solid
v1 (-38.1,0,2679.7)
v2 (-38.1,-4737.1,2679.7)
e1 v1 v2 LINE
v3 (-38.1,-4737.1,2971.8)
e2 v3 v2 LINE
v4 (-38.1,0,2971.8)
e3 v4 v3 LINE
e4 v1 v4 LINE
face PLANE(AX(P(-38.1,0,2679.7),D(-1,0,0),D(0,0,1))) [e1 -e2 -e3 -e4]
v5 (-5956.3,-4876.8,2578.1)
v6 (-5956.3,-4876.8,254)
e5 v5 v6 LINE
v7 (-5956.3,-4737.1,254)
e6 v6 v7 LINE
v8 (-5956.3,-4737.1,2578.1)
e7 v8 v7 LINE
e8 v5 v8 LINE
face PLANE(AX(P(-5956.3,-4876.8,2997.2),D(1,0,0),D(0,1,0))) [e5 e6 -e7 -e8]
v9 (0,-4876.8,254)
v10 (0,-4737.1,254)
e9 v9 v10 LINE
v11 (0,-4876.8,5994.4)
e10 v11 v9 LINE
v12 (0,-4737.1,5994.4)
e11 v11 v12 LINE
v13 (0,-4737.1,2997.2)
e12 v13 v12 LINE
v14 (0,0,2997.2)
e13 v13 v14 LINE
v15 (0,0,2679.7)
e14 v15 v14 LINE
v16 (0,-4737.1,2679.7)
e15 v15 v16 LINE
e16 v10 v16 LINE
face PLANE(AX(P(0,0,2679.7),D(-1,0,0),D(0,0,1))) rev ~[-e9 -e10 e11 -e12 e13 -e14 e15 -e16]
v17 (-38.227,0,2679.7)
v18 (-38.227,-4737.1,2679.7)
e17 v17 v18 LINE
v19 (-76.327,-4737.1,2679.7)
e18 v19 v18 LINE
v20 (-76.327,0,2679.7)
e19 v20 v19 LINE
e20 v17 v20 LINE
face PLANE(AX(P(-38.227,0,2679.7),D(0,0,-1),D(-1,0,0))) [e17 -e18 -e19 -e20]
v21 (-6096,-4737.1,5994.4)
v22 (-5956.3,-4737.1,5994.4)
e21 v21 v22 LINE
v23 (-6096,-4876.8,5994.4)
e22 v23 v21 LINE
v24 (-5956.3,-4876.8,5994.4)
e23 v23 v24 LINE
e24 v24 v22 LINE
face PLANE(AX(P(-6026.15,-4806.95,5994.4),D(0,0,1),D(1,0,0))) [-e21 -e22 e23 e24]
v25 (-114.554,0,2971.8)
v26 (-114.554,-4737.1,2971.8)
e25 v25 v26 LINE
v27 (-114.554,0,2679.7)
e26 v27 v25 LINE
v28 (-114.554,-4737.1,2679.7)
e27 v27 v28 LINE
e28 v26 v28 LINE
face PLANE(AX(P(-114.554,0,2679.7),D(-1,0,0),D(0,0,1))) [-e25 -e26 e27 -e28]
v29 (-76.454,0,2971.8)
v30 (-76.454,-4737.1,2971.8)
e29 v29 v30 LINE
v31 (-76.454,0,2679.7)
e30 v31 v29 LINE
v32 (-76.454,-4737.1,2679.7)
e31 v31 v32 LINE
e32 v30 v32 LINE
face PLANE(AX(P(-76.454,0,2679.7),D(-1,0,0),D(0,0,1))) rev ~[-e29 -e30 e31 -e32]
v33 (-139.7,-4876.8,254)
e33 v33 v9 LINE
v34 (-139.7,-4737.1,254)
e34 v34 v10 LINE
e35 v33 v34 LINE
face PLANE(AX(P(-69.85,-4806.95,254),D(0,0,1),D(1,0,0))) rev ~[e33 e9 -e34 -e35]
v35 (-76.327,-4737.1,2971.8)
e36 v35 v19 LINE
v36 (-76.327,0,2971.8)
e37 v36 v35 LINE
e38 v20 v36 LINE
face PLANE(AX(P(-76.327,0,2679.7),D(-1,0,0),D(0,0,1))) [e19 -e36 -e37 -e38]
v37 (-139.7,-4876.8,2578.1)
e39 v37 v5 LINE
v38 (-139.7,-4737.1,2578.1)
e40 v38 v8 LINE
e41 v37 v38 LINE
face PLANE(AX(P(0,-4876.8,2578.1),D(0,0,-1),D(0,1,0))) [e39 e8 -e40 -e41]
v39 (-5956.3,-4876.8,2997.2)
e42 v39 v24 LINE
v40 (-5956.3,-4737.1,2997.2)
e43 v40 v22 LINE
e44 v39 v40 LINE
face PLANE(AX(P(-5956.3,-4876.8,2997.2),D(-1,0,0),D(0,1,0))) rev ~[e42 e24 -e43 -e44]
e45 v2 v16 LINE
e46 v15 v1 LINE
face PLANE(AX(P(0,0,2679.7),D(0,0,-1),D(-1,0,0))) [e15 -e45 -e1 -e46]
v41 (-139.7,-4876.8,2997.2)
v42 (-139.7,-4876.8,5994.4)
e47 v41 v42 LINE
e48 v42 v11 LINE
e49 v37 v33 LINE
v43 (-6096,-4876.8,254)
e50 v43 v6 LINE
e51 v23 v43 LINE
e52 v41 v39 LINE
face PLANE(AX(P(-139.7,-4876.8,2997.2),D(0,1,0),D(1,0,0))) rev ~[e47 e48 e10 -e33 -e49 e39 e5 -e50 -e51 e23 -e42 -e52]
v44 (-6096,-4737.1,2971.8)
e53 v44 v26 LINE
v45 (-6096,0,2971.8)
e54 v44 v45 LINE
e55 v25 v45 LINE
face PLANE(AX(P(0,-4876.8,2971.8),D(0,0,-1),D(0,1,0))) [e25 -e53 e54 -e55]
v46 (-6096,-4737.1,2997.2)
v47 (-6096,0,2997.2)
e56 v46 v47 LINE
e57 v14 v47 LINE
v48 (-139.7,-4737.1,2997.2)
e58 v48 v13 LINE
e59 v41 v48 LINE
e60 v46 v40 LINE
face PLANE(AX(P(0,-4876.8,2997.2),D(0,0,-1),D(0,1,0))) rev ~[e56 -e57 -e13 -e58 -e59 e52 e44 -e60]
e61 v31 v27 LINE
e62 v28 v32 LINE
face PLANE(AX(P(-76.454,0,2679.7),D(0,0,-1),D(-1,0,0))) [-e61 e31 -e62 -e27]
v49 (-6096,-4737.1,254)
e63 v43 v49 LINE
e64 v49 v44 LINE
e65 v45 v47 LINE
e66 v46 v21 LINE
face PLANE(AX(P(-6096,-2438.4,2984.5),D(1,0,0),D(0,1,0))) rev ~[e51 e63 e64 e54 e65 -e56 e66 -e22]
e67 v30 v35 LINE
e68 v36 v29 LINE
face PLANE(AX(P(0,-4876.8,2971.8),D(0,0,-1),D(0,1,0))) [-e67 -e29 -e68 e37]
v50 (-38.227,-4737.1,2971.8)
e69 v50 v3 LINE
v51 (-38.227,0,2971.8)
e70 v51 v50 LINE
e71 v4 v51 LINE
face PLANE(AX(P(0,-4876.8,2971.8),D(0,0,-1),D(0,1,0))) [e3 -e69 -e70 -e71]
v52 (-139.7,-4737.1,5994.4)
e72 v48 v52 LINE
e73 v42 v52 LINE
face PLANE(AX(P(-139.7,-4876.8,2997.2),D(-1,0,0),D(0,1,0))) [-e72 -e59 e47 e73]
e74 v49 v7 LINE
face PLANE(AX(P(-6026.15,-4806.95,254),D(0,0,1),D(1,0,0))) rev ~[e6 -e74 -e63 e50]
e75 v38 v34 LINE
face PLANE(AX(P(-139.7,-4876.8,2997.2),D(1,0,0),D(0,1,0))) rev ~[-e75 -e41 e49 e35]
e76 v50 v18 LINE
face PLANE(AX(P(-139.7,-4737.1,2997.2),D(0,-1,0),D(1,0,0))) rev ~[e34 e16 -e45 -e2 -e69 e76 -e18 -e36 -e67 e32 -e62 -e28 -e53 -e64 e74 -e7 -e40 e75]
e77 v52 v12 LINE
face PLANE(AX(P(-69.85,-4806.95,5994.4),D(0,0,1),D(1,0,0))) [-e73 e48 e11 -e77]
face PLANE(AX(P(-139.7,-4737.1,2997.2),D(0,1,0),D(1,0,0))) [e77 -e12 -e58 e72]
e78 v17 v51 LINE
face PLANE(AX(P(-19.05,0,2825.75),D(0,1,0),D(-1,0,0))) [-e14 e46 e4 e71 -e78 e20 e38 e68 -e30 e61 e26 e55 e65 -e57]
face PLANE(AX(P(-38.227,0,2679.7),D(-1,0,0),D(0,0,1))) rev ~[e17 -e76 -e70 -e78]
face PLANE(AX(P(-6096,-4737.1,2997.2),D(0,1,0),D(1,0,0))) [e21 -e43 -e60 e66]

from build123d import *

# Parameters (mm, degrees)
F0_W          = 4876.8
F0_H          = 25.4
F1_DEPTH      = 6096
F2_W          = 139.7
F2_H          = 139.7
F3_DEPTH      = 2997.2
F3_DEPTH_BACK = 2743.2
F4_W          = 139.7
F4_H          = 393.7
F5_DEPTH      = 6096
F6_W          = 38.1
F6_H          = 292.1
F7_DEPTH      = 4876.8


with BuildPart() as f1:
    # F0 (on Right) → F1 (new body)
    with BuildSketch(Plane.YZ):
        with Locations((-2438.4, 2984.5)):
            Rectangle(F0_W, F0_H)
    extrude(amount=-F1_DEPTH)

    # F2 (on face) → F3 (join, two sides)
    with BuildSketch(Plane.XY.offset(2997.2)) as f3_sk:
        with Locations((-69.85, -4806.95)):
            Rectangle(F2_W, F2_H)
        with Locations((-6026.15, -4806.95)):
            Rectangle(F2_W, F2_H)
    extrude(amount=F3_DEPTH)
    extrude(f3_sk.sketch, amount=-F3_DEPTH_BACK)

    # F4 (on face) → F5 (join)
    with BuildSketch(Plane.YZ):
        with Locations((-4806.95, 2774.95)):
            Rectangle(F4_W, F4_H)
    extrude(amount=-F5_DEPTH)

    # F6 (on face) → F7 (join)
    with BuildSketch(Plane(origin=(0, 0, 0), x_dir=(-1, 0, 0), z_dir=(0, 1, 0))):
        with Locations((19.05, 2825.75)):
            Rectangle(F6_W, F6_H)
        with Locations((57.277, 2825.75)):
            Rectangle(F6_W, F6_H)
        with Locations((95.504, 2825.75)):
            Rectangle(F6_W, F6_H)
    extrude(amount=-F7_DEPTH)


solid = f1.part
